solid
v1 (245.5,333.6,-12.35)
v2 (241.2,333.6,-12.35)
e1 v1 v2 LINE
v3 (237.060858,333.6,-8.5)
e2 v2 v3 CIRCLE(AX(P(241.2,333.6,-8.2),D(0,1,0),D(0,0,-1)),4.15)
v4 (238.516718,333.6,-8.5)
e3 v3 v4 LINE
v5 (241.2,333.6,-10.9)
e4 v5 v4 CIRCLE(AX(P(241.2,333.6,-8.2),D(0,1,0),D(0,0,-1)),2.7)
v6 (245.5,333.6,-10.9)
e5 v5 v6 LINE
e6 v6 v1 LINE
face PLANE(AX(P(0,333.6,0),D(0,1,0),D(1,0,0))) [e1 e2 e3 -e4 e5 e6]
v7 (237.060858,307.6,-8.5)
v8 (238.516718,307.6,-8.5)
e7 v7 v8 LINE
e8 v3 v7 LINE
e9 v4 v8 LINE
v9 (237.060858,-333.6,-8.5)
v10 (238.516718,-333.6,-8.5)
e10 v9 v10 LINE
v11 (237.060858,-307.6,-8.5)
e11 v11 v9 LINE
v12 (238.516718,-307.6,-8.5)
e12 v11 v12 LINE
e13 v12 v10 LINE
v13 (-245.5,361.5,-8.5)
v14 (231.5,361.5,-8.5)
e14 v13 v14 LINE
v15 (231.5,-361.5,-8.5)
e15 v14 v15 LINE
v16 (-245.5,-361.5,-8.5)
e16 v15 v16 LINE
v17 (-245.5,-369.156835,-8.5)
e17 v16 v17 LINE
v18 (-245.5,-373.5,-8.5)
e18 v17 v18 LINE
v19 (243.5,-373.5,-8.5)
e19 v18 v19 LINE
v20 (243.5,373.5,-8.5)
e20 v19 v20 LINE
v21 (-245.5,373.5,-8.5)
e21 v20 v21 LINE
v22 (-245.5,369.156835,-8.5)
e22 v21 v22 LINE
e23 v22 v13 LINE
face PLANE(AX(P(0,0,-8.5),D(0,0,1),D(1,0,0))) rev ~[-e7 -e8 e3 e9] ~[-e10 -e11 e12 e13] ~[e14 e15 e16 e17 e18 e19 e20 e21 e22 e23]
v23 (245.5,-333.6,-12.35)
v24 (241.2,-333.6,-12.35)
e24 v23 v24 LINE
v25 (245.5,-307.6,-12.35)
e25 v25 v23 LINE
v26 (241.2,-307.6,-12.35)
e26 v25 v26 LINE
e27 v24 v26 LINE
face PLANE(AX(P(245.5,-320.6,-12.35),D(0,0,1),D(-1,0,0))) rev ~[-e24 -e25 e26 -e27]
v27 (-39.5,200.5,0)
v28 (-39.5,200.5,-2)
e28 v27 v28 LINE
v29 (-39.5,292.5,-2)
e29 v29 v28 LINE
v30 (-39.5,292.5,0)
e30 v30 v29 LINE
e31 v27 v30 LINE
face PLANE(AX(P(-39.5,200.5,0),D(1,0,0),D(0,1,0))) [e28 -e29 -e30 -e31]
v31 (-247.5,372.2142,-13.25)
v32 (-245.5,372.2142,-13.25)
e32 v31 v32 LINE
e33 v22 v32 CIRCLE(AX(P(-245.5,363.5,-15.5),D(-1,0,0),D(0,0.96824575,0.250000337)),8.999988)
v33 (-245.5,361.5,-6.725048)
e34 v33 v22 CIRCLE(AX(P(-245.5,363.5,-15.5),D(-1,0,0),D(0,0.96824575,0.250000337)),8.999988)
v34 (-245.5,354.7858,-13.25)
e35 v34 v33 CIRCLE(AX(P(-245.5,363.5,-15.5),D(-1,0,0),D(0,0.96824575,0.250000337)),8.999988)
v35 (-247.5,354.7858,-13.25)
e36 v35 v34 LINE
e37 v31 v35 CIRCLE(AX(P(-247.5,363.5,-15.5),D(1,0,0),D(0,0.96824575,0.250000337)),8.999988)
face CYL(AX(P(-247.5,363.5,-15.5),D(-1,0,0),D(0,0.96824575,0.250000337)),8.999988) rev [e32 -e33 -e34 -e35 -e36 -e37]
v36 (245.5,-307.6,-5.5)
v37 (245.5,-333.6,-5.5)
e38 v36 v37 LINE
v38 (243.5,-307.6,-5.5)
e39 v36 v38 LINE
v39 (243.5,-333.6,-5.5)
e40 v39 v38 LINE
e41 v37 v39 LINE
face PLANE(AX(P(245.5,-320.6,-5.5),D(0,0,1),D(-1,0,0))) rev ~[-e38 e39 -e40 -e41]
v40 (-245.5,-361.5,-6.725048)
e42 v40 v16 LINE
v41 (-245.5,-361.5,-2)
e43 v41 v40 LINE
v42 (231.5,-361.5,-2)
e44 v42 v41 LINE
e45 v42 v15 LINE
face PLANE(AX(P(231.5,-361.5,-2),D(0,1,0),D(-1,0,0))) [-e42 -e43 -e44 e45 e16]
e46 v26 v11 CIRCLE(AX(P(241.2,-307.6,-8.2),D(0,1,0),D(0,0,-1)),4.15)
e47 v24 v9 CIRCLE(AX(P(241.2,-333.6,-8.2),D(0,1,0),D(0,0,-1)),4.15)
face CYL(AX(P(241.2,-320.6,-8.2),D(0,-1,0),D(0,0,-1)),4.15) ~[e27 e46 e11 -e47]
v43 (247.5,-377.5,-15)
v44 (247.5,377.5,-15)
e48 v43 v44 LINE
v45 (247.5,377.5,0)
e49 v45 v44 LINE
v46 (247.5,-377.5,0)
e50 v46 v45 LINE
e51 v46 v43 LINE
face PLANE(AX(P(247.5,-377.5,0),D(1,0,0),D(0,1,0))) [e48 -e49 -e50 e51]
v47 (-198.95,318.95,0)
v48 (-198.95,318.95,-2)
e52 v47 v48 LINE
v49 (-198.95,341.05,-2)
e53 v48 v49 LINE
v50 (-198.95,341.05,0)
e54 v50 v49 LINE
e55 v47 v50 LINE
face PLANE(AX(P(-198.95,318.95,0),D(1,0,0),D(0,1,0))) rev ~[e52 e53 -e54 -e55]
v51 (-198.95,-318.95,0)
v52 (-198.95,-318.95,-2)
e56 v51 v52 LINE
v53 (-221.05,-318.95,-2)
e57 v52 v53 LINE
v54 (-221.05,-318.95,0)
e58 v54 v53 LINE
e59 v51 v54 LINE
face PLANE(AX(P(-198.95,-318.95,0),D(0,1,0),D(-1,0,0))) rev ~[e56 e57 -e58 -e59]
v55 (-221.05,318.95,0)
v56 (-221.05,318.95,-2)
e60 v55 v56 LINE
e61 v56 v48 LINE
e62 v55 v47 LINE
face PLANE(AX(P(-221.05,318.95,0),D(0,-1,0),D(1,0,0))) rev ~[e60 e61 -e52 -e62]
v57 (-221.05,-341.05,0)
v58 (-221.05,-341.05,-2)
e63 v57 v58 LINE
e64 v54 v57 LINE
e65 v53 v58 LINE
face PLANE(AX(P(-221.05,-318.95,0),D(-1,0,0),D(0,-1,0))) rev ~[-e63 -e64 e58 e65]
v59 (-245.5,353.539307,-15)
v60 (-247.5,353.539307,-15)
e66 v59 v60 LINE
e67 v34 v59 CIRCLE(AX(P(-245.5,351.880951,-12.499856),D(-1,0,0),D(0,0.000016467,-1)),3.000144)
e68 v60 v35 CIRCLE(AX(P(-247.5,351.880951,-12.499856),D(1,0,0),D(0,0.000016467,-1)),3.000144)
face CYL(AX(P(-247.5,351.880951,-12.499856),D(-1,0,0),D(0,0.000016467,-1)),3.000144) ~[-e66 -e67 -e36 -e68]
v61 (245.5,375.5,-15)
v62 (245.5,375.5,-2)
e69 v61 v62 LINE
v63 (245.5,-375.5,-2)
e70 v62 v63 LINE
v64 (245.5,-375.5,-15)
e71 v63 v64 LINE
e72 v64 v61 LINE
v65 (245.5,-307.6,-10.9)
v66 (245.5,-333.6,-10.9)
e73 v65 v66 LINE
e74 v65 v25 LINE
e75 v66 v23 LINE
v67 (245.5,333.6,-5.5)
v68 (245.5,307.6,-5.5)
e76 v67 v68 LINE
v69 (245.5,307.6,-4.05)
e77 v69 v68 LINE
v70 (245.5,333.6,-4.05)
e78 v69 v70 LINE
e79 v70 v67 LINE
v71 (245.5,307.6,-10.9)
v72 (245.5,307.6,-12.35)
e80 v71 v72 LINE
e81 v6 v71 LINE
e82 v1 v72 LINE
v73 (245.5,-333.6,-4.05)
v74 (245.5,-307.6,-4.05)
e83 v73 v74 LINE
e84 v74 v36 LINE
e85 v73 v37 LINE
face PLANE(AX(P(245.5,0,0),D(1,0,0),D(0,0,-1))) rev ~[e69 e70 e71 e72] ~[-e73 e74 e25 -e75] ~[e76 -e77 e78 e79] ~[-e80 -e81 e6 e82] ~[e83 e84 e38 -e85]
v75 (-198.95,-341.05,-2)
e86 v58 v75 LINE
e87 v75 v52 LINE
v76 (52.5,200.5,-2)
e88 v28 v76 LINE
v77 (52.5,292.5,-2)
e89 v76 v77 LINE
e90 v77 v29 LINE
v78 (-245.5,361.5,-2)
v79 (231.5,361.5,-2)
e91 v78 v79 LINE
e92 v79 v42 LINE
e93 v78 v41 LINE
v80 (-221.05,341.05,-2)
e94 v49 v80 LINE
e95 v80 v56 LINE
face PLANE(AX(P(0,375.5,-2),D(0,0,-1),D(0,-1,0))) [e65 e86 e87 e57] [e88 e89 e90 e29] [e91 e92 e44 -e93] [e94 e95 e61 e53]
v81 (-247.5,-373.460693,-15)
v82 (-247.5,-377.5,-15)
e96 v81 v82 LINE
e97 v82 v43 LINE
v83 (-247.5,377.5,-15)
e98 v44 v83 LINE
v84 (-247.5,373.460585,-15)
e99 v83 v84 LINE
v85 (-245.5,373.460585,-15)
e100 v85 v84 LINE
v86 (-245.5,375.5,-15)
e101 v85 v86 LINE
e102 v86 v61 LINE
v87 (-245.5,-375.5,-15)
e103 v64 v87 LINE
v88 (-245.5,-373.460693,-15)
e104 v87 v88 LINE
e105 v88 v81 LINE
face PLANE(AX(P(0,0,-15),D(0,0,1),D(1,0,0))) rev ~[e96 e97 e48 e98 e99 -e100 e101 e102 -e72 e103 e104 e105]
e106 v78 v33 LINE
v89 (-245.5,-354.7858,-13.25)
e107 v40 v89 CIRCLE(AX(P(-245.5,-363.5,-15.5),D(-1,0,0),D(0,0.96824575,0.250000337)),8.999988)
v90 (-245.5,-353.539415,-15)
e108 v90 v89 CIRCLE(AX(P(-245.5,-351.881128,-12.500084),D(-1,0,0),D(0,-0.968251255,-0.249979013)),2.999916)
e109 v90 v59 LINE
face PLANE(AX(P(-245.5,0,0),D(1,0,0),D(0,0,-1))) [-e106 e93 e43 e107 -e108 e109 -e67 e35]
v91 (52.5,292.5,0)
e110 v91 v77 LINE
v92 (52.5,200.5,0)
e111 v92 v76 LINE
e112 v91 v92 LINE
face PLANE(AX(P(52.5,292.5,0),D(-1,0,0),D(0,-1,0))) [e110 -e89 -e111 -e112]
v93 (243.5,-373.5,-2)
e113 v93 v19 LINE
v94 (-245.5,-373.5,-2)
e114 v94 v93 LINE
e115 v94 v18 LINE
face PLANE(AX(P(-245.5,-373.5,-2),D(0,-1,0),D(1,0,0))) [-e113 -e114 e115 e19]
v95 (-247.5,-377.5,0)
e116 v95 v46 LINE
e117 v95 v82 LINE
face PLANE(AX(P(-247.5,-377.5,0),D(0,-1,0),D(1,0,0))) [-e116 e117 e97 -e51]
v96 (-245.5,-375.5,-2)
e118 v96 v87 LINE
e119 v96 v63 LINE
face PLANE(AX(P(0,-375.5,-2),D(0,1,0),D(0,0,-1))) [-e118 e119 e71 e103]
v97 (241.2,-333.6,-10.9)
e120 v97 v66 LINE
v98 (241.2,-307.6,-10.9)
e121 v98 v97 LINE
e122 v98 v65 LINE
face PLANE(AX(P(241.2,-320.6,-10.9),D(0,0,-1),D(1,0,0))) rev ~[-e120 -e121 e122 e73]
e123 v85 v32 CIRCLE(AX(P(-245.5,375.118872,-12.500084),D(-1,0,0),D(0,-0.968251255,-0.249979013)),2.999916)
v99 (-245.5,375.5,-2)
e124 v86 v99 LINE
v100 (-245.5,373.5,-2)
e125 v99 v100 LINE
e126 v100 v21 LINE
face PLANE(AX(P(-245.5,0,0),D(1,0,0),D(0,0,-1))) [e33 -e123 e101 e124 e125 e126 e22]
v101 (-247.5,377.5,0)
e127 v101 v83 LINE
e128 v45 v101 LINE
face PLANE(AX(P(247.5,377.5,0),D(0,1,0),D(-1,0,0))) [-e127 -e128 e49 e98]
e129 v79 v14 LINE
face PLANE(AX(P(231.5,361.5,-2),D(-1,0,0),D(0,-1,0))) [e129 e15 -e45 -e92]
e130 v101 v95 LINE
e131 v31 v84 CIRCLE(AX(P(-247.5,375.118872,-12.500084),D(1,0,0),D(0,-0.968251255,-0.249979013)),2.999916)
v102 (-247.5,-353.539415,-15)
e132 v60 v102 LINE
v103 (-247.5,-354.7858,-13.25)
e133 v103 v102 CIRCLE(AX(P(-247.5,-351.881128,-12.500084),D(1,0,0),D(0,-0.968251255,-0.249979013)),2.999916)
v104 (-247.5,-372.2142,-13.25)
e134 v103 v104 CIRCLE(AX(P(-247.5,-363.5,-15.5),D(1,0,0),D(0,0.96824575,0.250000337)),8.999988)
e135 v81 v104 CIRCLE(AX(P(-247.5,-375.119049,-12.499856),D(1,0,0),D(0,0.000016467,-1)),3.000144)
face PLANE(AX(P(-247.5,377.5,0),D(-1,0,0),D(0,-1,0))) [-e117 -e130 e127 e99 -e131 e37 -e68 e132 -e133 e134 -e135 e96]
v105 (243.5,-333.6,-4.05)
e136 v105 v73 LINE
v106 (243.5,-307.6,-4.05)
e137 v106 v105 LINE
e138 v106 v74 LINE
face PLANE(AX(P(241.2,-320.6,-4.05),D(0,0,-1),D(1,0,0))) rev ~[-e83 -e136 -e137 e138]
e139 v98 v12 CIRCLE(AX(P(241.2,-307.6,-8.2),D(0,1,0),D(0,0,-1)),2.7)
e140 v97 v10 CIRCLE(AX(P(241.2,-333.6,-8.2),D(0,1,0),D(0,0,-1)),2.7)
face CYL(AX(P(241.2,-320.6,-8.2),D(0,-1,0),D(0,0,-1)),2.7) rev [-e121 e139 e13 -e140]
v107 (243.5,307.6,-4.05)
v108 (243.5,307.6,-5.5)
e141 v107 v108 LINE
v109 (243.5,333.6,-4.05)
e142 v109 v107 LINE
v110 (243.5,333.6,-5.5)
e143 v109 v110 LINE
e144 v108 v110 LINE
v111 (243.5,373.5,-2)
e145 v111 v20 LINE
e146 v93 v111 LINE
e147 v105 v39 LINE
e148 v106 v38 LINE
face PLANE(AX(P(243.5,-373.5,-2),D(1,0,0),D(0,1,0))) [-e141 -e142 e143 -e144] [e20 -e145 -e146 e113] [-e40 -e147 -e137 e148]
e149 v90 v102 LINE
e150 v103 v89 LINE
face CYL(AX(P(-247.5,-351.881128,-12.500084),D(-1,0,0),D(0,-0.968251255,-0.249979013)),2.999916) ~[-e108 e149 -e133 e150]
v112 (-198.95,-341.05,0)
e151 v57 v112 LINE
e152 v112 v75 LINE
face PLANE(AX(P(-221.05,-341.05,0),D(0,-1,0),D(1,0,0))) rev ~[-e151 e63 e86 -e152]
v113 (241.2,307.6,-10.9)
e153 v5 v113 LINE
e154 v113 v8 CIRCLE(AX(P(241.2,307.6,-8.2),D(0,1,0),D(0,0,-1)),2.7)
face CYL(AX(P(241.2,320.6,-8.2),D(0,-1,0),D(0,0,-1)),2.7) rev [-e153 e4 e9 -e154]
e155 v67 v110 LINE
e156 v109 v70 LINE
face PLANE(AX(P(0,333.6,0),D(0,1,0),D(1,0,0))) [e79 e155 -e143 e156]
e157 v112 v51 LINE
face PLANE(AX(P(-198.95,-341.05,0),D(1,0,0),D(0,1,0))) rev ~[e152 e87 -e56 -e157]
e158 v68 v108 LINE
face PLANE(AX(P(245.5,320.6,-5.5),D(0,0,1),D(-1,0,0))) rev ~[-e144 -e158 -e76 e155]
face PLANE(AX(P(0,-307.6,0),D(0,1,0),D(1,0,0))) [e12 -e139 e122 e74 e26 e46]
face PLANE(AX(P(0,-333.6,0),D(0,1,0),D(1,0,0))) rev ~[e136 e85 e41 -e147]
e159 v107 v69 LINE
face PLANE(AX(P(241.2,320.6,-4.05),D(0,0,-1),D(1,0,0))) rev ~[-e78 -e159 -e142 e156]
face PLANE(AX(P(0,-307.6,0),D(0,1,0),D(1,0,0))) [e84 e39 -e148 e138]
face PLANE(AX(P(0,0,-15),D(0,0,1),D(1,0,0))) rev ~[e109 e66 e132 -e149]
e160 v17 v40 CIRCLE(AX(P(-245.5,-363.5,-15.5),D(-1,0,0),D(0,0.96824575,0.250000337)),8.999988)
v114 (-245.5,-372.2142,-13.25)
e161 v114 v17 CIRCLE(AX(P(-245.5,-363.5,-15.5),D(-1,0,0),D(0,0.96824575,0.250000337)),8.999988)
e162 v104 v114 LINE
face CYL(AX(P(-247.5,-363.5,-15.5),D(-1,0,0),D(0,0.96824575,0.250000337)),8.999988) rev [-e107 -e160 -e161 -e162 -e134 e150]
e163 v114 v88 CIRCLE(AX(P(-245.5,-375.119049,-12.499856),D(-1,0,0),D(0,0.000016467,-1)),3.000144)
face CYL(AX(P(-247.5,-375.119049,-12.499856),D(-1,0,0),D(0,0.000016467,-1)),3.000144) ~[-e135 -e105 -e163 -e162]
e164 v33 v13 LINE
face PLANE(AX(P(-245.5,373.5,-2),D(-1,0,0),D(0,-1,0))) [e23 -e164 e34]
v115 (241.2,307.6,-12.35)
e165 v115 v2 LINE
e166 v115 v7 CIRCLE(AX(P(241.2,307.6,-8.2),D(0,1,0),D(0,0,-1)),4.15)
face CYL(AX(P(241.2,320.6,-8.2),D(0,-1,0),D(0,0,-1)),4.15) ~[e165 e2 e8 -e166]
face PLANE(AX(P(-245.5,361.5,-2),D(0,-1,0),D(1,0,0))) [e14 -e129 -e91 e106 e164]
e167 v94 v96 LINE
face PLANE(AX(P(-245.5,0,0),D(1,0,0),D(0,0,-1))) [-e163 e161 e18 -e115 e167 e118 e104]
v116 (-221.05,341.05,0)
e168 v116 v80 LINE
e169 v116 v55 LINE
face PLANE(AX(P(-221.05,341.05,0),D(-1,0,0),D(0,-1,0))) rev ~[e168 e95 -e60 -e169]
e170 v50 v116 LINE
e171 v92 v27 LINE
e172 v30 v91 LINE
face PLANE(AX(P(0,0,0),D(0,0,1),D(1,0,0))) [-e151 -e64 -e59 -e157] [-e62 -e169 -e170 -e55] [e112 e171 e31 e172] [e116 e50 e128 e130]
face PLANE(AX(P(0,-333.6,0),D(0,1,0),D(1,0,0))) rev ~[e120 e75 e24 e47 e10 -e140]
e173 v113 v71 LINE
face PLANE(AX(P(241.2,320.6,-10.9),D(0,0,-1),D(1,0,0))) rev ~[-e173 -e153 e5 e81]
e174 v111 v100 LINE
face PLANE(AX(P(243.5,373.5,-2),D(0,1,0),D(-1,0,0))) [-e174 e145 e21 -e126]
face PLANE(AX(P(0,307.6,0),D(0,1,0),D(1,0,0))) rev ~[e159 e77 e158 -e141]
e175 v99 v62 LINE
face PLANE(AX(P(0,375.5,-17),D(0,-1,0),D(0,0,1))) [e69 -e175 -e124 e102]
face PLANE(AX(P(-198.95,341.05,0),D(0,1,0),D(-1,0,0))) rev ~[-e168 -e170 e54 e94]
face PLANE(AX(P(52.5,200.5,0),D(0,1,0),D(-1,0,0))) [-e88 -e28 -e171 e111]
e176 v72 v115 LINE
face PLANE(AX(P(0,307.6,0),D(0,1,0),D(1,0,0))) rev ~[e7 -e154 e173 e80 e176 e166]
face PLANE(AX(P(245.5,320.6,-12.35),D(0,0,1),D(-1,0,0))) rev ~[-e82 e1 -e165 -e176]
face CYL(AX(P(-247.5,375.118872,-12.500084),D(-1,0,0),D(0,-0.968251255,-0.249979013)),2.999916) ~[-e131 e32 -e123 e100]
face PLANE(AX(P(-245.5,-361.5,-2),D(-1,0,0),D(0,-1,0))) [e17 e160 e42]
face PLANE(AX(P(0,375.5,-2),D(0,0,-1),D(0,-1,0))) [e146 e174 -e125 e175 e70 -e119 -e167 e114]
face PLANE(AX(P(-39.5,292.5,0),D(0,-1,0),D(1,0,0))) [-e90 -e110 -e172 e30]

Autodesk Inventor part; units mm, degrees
sketch "Skizze_1" plane through (0, 0, 0) normal (0, 0, 1) x (1, 0, 0)
  line L0 (-247.5, 377.5) -> (-247.5, -377.5)
  line L1 (-247.5, -377.5) -> (247.5, -377.5)
  line L2 (247.5, -377.5) -> (247.5, 377.5)
  line L3 (247.5, 377.5) -> (-247.5, 377.5)
extrude "Extrusion1" add sketch "Skizze_1" against normal blind 15
sketch "Skizze_2" plane through (0, 0, 0) normal (1, 0, 0) x (0, 0, -1)
  line L0 (2, 375.5) -> (2, -375.5)
  line L1 (2, -375.5) -> (17, -375.5)
  line L2 (17, -375.5) -> (17, 375.5)
  line L3 (17, 375.5) -> (2, 375.5)
extrude "Extrusion2" cut sketch "Skizze_2" along normal mid plane 491
sketch "Skizze_3" plane through (0, 0, -2) normal (0, 0, 1) x (1, 0, 0)
  line L0 (-245.5, 361.5) -> (231.5, 361.5)
  line L1 (231.5, 361.5) -> (231.5, -361.5)
  line L2 (231.5, -361.5) -> (-245.5, -361.5)
  line L3 (-245.5, -361.5) -> (-245.5, -373.5)
  line L4 (-245.5, -373.5) -> (243.5, -373.5)
  line L5 (243.5, -373.5) -> (243.5, 373.5)
  line L6 (243.5, 373.5) -> (-245.5, 373.5)
  line L7 (-245.5, 373.5) -> (-245.5, 361.5)
sketch "Skizze_21" plane through (0, -320.6, 0) normal (0, 1, 0) x (1, 0, 0)
  arc A0 (241.2, 12.35) -> (241.2, 4.05) centre (241.2, 8.2) ccw
  line L0 (241.2, 4.05) -> (245.5, 4.05)
  line L1 (245.5, 4.05) -> (245.5, 5.5)
  line L2 (245.5, 5.5) -> (241.2, 5.5)
  arc A1 (241.2, 10.9) -> (241.2, 5.5) centre (241.2, 8.2) ccw
  line L3 (241.2, 10.9) -> (245.5, 10.9)
  line L4 (245.5, 10.9) -> (245.5, 12.35)
  line L5 (245.5, 12.35) -> (241.2, 12.35)
extrude "Extrusion3" add sketch "Skizze_21" along normal mid plane 26
sketch "Skizze_22" plane through (0, 320.6, 0) normal (0, 1, 0) x (1, 0, 0)
  arc A0 (241.2, 12.35) -> (241.2, 4.05) centre (241.2, 8.2) ccw
  line L0 (241.2, 4.05) -> (245.5, 4.05)
  line L1 (245.5, 4.05) -> (245.5, 5.5)
  line L2 (245.5, 5.5) -> (241.2, 5.5)
  arc A1 (241.2, 10.9) -> (241.2, 5.5) centre (241.2, 8.2) ccw
  line L3 (241.2, 10.9) -> (245.5, 10.9)
  line L4 (245.5, 10.9) -> (245.5, 12.35)
  line L5 (245.5, 12.35) -> (241.2, 12.35)
extrude "Extrusion4" add sketch "Skizze_22" along normal mid plane 26
sketch "Skizze_24" plane through (0, 0, 0) normal (0, 0, 1) x (1, 0, 0)
  line L0 (-221.05, -318.95) -> (-221.05, -341.05)
  line L1 (-221.05, -341.05) -> (-198.95, -341.05)
  line L2 (-198.95, -341.05) -> (-198.95, -318.95)
  line L3 (-198.95, -318.95) -> (-221.05, -318.95)
extrude "Extrusion5" cut sketch "Skizze_24" against normal blind 2
sketch "Skizze_41" plane through (0, 0, 0) normal (0, 0, 1) x (1, 0, 0)
  line L0 (-221.05, 341.05) -> (-221.05, 318.95)
  line L1 (-221.05, 318.95) -> (-198.95, 318.95)
  line L2 (-198.95, 318.95) -> (-198.95, 341.05)
  line L3 (-198.95, 341.05) -> (-221.05, 341.05)
extrude "Extrusion6" cut sketch "Skizze_41" against normal blind 2
sketch "Skizze_23" plane through (-247.5, 0, 0) normal (1, 0, 0) x (0, 0, -1)
  arc A0 (13.25, 372.2142) -> (13.25, 354.7858) centre (15.5, 363.5) ccw
  arc A1 (15.5, 351.881) -> (13.25, 354.7858) centre (12.5, 351.881) ccw
  line L0 (15.5, 351.881) -> (15.5, 375.119)
  arc A2 (13.25, 372.2142) -> (15.5, 375.119) centre (12.5, 375.119) ccw
extrude "Extrusion7" cut sketch "Skizze_23" along normal blind 3
sketch "Skizze_26" plane through (-247.5, 0, 0) normal (1, 0, 0) x (0, 0, -1)
  arc A0 (13.25, -354.7858) -> (13.25, -372.2142) centre (15.5, -363.5) ccw
  arc A1 (15.5, -375.119) -> (13.25, -372.2142) centre (12.5, -375.119) ccw
  line L0 (15.5, -375.119) -> (15.5, -351.881)
  arc A2 (13.25, -354.7858) -> (15.5, -351.881) centre (12.5, -351.881) ccw
extrude "Extrusion8" cut sketch "Skizze_26" along normal blind 3
extrude "Extrusion9" add sketch "Skizze_3" against normal blind 6.5
ref_plane "tuer_XY" through (241.2, -320.6, -8.2) normal (0, 1, 0) x (1, 0, 0)
ref_plane "tuer_YZ" through (241.2, -320.6, -8.2) normal (1, 0, 0) x (0, 0, -1)
ref_plane "tuer_ZX" through (241.2, -320.6, -8.2) normal (0, 0, -1) x (0, 1, 0)
ref_plane "verschluss_XY" through (-210, -330, 0) normal (0, 0, 1) x (1, 0, 0)
ref_plane "verschluss_YZ" through (-210, -330, 0) normal (1, 0, 0) x (0, 1, 0)
ref_plane "verschluss_ZX" through (-210, -330, 0) normal (0, 1, 0) x (0, 0, 1)
ref_plane "verschluss2_XY" through (-210, 330, 0) normal (0, 0, 1) x (1, 0, 0)
ref_plane "verschluss2_YZ" through (-210, 330, 0) normal (1, 0, 0) x (0, 1, 0)
ref_plane "verschluss2_ZX" through (-210, 330, 0) normal (0, 1, 0) x (0, 0, 1)
sketch "Эскиз10" plane through (0, 0, 0) normal (0, 0, 1) x (1, 0, 0)
  line L0 (-39.5, 292.5) -> (52.5, 292.5)
  line L1 (52.5, 292.5) -> (52.5, 200.5)
  line L2 (52.5, 200.5) -> (-39.5, 200.5)
  line L3 (-39.5, 200.5) -> (-39.5, 292.5)
  line L4 (247.5, -377.5) -> (247.5, 377.5) projected
  line L5 (247.5, 377.5) -> (-247.5, 377.5) projected
  point P0 (0, 0)
  dimension "d20" = 92
  dimension "d21" = 92
  dimension "d22" = 195
  dimension "d23" = 85
extrude "Выдавливание10" cut sketch "Эскиз10" against normal blind 10
properties part number "1130_01_03 (2)"
